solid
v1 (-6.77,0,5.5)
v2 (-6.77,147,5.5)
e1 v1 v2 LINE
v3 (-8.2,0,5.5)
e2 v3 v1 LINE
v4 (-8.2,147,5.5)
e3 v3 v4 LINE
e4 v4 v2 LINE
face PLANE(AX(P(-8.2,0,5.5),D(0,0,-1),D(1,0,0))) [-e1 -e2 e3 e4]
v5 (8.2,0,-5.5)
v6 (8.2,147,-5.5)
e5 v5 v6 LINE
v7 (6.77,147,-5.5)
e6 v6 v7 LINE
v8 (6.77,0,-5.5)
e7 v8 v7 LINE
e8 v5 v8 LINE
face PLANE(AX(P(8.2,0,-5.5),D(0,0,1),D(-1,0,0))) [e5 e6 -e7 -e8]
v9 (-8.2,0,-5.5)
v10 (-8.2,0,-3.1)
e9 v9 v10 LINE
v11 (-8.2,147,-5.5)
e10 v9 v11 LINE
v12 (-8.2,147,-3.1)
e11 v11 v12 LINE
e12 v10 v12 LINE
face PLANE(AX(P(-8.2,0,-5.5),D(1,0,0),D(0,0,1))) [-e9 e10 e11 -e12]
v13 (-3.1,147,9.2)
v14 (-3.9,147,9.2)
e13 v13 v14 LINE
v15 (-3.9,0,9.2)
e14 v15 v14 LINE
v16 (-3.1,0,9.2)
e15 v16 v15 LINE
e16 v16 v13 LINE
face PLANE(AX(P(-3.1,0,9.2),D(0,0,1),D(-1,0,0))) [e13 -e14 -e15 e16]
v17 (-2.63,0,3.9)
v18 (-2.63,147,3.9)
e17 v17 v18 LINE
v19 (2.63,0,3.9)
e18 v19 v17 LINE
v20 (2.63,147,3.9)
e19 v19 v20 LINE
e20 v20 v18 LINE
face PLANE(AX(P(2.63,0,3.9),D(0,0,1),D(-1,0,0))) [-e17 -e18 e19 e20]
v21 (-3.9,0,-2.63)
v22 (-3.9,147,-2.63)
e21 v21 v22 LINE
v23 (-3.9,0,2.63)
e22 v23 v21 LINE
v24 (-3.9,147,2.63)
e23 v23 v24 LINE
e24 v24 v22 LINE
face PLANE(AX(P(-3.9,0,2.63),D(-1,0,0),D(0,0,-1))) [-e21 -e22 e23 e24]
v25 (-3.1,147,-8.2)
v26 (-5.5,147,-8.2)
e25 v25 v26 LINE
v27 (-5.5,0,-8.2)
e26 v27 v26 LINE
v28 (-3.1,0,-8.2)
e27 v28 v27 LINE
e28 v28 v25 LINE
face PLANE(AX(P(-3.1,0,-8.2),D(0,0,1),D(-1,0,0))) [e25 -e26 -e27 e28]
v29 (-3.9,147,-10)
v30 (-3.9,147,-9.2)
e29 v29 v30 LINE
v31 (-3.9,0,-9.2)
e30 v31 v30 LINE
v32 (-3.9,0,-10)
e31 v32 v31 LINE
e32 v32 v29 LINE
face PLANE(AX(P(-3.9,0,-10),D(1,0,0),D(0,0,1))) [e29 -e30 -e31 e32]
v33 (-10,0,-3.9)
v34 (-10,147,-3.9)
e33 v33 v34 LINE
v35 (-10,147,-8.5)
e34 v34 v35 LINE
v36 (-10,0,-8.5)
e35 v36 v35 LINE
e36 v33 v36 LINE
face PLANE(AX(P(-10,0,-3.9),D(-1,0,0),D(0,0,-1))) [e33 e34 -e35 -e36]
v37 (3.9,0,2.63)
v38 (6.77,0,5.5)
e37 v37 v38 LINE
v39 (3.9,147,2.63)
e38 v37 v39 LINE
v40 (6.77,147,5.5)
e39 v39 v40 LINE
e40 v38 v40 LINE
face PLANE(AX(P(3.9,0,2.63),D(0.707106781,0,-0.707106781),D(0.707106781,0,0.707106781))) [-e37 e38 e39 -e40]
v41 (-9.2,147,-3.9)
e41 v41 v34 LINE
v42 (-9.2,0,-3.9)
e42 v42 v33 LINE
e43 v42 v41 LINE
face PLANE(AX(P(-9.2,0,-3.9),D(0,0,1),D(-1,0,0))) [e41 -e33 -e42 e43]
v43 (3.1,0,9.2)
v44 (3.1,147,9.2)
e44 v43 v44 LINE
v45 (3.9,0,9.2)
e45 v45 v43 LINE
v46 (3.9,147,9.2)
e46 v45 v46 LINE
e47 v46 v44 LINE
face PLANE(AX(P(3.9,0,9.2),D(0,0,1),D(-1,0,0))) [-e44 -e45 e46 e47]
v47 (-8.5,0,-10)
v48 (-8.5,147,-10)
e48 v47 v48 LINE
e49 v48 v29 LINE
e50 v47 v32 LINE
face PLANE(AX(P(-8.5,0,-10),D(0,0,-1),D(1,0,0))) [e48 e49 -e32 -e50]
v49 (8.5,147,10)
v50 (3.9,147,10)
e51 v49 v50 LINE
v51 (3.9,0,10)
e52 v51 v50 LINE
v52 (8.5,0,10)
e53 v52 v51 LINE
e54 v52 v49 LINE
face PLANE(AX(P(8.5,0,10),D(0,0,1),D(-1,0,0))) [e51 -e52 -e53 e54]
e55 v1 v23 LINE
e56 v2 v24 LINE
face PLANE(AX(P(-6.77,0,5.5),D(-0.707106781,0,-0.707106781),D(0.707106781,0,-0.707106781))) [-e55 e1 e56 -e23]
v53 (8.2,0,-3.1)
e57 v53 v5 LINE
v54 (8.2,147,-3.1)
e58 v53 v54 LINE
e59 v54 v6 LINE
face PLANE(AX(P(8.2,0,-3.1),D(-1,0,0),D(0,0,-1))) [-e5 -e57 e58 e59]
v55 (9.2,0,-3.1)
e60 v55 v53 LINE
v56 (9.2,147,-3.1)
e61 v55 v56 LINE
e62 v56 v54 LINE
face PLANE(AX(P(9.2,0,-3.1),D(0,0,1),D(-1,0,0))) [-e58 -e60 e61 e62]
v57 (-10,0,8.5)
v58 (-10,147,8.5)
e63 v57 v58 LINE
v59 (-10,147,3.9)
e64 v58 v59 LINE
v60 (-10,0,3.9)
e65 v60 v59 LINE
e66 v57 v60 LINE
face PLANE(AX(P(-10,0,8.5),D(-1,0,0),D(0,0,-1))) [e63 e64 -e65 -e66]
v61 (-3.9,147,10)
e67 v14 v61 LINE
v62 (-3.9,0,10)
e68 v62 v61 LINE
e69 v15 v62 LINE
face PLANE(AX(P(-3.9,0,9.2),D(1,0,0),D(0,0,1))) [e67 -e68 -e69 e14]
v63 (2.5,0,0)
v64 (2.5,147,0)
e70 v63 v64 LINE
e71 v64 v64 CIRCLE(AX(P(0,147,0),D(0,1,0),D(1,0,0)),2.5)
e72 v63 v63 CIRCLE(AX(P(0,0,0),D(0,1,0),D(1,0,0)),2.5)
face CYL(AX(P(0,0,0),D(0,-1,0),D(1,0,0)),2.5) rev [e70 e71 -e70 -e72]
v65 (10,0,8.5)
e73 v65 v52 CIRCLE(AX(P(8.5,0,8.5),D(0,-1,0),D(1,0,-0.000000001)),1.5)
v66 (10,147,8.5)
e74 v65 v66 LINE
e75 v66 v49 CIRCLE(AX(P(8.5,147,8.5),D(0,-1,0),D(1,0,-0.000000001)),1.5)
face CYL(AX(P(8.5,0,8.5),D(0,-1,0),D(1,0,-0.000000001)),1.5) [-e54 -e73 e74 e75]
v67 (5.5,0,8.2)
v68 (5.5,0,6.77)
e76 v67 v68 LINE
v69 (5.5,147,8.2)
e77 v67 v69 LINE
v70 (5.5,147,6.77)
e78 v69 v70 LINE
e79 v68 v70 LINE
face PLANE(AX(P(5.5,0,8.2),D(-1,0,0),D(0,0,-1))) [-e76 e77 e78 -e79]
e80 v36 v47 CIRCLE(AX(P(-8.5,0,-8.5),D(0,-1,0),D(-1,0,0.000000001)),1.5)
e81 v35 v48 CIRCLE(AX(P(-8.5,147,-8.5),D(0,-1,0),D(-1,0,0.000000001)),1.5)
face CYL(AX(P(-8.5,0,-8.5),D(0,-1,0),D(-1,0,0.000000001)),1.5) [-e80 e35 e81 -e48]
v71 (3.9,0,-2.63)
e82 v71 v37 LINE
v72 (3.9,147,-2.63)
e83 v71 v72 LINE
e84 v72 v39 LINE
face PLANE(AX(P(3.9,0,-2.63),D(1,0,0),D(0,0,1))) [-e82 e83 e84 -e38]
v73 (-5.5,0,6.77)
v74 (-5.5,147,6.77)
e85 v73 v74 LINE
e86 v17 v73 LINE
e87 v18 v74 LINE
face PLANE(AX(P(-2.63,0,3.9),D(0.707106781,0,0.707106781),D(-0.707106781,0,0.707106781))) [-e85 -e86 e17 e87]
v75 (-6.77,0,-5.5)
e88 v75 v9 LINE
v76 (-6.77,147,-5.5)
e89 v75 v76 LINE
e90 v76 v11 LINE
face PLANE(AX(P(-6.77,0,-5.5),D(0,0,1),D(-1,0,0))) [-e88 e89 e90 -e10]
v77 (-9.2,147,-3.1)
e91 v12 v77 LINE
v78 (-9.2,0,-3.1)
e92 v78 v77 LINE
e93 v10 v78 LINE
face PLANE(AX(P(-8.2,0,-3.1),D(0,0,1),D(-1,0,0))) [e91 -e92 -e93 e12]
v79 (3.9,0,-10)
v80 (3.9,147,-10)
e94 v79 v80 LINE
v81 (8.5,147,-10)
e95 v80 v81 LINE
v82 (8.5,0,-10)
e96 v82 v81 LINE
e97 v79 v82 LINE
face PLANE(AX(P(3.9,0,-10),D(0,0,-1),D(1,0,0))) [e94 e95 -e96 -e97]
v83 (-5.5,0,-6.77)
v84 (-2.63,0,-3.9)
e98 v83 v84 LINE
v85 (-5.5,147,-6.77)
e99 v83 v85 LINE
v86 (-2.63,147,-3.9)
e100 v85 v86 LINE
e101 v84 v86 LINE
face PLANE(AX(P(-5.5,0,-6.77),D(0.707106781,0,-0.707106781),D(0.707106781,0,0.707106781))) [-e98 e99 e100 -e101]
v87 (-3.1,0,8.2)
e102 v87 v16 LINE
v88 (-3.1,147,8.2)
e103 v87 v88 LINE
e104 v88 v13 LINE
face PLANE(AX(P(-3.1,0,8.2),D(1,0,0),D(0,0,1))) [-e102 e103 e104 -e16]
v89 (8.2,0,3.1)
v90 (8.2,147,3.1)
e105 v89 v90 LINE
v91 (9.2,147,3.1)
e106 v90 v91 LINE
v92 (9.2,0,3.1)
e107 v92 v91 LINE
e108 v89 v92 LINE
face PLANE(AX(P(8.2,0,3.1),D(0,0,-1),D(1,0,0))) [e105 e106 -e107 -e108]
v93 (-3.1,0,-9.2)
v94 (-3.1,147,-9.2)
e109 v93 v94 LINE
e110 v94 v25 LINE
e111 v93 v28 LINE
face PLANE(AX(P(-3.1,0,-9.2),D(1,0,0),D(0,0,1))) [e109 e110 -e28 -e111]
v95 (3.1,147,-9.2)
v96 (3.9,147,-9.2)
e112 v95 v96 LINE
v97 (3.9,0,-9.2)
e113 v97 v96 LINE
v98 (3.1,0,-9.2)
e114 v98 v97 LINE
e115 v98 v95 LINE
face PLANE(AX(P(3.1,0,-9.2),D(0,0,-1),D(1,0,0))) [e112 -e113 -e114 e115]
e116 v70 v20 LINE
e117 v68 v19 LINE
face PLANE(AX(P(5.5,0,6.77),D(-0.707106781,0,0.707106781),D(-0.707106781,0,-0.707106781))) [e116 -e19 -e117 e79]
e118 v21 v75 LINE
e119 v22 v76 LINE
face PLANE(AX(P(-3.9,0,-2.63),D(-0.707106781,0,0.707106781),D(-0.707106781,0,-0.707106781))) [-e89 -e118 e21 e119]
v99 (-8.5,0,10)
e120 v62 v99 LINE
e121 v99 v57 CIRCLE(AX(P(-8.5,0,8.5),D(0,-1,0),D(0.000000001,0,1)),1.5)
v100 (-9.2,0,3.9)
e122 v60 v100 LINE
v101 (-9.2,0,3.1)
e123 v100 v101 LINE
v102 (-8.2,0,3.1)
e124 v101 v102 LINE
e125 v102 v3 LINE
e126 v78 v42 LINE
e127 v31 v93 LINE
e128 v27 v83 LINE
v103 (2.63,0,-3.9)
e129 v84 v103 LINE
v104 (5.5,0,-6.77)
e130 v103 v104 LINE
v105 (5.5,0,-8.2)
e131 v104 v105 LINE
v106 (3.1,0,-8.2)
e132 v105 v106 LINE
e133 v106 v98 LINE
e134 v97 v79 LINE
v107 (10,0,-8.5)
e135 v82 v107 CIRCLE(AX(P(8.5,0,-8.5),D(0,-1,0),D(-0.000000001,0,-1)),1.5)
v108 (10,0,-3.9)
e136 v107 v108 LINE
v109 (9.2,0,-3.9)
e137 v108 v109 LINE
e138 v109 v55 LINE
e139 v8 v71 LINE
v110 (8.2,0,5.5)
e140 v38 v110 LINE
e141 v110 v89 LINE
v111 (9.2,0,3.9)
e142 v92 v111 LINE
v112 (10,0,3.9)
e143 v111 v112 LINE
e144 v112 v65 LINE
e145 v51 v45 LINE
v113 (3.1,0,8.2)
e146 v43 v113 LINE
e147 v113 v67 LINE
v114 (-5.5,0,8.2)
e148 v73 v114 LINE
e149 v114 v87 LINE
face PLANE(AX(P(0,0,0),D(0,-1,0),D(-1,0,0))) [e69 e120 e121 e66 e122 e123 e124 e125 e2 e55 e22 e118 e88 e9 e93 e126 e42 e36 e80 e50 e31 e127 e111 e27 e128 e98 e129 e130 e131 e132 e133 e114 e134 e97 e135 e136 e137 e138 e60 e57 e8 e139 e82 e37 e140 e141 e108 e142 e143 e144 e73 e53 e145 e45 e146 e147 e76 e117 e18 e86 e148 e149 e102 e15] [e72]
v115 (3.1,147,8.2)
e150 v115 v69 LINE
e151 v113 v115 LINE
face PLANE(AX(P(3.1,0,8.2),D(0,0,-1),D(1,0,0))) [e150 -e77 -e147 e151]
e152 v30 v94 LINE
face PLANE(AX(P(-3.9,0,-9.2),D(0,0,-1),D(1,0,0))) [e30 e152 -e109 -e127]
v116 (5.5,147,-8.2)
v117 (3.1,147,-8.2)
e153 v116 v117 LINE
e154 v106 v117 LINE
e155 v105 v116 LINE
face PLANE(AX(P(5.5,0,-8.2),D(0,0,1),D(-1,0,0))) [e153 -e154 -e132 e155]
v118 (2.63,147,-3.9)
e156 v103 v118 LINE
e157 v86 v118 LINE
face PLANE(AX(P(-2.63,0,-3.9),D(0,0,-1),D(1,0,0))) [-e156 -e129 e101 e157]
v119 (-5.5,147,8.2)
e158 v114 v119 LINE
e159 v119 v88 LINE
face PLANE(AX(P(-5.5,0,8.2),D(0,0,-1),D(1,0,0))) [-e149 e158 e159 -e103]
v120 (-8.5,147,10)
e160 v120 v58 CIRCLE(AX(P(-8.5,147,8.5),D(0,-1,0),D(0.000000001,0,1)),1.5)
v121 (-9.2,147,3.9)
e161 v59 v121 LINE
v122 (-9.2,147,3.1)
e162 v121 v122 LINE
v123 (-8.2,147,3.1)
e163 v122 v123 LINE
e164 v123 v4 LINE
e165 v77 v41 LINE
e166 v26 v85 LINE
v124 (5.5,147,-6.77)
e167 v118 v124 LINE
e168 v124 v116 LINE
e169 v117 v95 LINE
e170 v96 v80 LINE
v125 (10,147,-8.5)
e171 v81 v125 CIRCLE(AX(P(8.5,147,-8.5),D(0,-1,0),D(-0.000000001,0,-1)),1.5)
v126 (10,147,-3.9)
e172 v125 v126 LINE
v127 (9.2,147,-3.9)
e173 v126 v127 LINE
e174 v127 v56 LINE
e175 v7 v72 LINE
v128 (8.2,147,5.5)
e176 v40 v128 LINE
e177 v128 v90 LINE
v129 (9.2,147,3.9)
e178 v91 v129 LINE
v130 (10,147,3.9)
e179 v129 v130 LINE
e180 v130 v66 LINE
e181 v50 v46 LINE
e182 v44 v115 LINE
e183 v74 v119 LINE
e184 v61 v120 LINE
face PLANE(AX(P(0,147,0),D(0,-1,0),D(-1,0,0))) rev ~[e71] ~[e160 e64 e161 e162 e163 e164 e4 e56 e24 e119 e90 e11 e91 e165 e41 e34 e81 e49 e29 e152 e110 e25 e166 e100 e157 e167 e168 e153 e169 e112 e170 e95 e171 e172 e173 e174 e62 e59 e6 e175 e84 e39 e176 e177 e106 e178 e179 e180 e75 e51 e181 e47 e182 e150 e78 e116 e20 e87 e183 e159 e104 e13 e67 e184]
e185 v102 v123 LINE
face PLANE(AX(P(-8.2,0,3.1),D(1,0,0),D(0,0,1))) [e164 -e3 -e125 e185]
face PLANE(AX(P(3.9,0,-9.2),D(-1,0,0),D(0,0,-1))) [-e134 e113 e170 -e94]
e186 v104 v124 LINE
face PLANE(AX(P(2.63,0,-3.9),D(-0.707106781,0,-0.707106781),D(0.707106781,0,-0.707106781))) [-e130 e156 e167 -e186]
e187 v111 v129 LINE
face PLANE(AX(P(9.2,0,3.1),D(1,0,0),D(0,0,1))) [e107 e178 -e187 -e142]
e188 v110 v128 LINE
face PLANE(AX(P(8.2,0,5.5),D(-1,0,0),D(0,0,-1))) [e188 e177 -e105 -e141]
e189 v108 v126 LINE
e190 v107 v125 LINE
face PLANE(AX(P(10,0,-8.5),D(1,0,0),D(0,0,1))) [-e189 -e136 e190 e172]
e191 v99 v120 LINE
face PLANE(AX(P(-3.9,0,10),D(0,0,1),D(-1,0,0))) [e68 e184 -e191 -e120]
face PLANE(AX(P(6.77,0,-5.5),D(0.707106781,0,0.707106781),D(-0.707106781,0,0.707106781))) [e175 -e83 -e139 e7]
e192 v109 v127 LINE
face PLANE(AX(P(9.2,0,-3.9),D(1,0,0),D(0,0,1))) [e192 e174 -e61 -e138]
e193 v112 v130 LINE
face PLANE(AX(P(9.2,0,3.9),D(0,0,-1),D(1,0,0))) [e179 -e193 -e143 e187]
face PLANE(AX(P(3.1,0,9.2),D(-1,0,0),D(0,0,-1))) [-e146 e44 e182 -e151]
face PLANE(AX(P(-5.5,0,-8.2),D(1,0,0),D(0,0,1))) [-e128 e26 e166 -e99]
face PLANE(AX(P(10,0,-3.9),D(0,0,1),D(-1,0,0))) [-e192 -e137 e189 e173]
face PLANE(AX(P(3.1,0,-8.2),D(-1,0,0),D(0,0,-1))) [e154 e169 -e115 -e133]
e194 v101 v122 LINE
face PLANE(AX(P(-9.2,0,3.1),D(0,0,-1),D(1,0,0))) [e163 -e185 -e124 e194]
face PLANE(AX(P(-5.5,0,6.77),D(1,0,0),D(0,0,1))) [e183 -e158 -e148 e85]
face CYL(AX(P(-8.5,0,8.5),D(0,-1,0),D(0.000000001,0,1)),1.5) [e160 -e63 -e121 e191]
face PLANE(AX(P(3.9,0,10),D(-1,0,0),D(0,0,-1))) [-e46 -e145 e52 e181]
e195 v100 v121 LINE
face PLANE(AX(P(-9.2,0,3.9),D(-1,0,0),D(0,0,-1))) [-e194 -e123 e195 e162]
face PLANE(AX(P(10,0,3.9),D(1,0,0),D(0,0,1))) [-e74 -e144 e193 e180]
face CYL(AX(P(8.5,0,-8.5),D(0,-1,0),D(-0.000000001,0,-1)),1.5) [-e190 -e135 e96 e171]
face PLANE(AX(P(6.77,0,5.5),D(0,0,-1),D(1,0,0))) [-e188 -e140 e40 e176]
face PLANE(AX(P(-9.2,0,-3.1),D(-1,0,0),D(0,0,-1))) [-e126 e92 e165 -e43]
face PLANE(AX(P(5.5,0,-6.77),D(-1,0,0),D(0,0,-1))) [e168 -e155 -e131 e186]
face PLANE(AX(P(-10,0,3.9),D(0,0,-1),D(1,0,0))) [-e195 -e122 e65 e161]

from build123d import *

# Parameters (mm, degrees)
SKETCH1_R           = 2.5
BOSS_EXTRUDE1_DEPTH = 147


with BuildPart() as part:
    # Sketch1 → Boss-Extrude1 (new body)
    with BuildSketch(Plane(origin=(0, 0, 0), x_dir=(1, 0, 0), z_dir=(0, 1, 0))):
        with BuildLine():
            Line((3.9, 10), (8.5, 10))
            ThreePointArc((8.5, 10), (9.560660172, 9.560660172), (10, 8.5))
            Line((10, 8.5), (10, 3.9))
            Line((10, 3.9), (9.2, 3.9))
            Line((9.2, 3.9), (9.2, 3.1))
            Line((9.2, 3.1), (8.2, 3.1))
            Line((8.2, 3.1), (8.2, 5.5))
            Line((8.2, 5.5), (6.77, 5.5))
            Line((6.77, 5.5), (3.9, 2.63))
            Line((3.9, 2.63), (3.9, 0))
            Line((3.9, 0), (3.9, -2.63))
            Line((3.9, -2.63), (6.77, -5.5))
            Line((6.77, -5.5), (8.2, -5.5))
            Line((8.2, -5.5), (8.2, -3.1))
            Line((8.2, -3.1), (9.2, -3.1))
            Line((9.2, -3.1), (9.2, -3.9))
            Line((9.2, -3.9), (10, -3.9))
            Line((10, -3.9), (10, -8.5))
            ThreePointArc((10, -8.5), (9.560660172, -9.560660172), (8.5, -10))
            Line((8.5, -10), (3.9, -10))
            Line((3.9, -10), (3.9, -9.2))
            Line((3.9, -9.2), (3.1, -9.2))
            Line((3.1, -9.2), (3.1, -8.2))
            Line((3.1, -8.2), (5.5, -8.2))
            Line((5.5, -8.2), (5.5, -6.77))
            Line((5.5, -6.77), (2.63, -3.9))
            Line((2.63, -3.9), (0, -3.9))
            Line((0, -3.9), (-2.63, -3.9))
            Line((-2.63, -3.9), (-5.5, -6.77))
            Line((-5.5, -6.77), (-5.5, -8.2))
            Line((-5.5, -8.2), (-3.1, -8.2))
            Line((-3.1, -8.2), (-3.1, -9.2))
            Line((-3.1, -9.2), (-3.9, -9.2))
            Line((-3.9, -9.2), (-3.9, -10))
            Line((-3.9, -10), (-8.5, -10))
            ThreePointArc((-8.5, -10), (-9.560660172, -9.560660172), (-10, -8.5))
            Line((-10, -8.5), (-10, -3.9))
            Line((-10, -3.9), (-9.2, -3.9))
            Line((-9.2, -3.9), (-9.2, -3.1))
            Line((-9.2, -3.1), (-8.2, -3.1))
            Line((-8.2, -3.1), (-8.2, -5.5))
            Line((-8.2, -5.5), (-6.77, -5.5))
            Line((-6.77, -5.5), (-3.9, -2.63))
            Line((-3.9, -2.63), (-3.9, 0))
            Line((-3.9, 0), (-3.9, 2.63))
            Line((-3.9, 2.63), (-6.77, 5.5))
            Line((-6.77, 5.5), (-8.2, 5.5))
            Line((-8.2, 5.5), (-8.2, 3.1))
            Line((-8.2, 3.1), (-9.2, 3.1))
            Line((-9.2, 3.1), (-9.2, 3.9))
            Line((-9.2, 3.9), (-10, 3.9))
            Line((-10, 3.9), (-10, 8.5))
            ThreePointArc((-10, 8.5), (-9.560660172, 9.560660172), (-8.5, 10))
            Line((-8.5, 10), (-3.9, 10))
            Line((-3.9, 10), (-3.9, 9.2))
            Line((-3.9, 9.2), (-3.1, 9.2))
            Line((-3.1, 9.2), (-3.1, 8.2))
            Line((-3.1, 8.2), (-5.5, 8.2))
            Line((-5.5, 8.2), (-5.5, 6.77))
            Line((-5.5, 6.77), (-2.63, 3.9))
            Line((-2.63, 3.9), (2.63, 3.9))
            Line((2.63, 3.9), (5.5, 6.77))
            Line((5.5, 6.77), (5.5, 8.2))
            Line((5.5, 8.2), (3.1, 8.2))
            Line((3.1, 8.2), (3.1, 9.2))
            Line((3.1, 9.2), (3.9, 9.2))
            Line((3.9, 9.2), (3.9, 10))
        make_face()
        Circle(SKETCH1_R, mode=Mode.SUBTRACT)
    extrude(amount=BOSS_EXTRUDE1_DEPTH)


solid = part.part
